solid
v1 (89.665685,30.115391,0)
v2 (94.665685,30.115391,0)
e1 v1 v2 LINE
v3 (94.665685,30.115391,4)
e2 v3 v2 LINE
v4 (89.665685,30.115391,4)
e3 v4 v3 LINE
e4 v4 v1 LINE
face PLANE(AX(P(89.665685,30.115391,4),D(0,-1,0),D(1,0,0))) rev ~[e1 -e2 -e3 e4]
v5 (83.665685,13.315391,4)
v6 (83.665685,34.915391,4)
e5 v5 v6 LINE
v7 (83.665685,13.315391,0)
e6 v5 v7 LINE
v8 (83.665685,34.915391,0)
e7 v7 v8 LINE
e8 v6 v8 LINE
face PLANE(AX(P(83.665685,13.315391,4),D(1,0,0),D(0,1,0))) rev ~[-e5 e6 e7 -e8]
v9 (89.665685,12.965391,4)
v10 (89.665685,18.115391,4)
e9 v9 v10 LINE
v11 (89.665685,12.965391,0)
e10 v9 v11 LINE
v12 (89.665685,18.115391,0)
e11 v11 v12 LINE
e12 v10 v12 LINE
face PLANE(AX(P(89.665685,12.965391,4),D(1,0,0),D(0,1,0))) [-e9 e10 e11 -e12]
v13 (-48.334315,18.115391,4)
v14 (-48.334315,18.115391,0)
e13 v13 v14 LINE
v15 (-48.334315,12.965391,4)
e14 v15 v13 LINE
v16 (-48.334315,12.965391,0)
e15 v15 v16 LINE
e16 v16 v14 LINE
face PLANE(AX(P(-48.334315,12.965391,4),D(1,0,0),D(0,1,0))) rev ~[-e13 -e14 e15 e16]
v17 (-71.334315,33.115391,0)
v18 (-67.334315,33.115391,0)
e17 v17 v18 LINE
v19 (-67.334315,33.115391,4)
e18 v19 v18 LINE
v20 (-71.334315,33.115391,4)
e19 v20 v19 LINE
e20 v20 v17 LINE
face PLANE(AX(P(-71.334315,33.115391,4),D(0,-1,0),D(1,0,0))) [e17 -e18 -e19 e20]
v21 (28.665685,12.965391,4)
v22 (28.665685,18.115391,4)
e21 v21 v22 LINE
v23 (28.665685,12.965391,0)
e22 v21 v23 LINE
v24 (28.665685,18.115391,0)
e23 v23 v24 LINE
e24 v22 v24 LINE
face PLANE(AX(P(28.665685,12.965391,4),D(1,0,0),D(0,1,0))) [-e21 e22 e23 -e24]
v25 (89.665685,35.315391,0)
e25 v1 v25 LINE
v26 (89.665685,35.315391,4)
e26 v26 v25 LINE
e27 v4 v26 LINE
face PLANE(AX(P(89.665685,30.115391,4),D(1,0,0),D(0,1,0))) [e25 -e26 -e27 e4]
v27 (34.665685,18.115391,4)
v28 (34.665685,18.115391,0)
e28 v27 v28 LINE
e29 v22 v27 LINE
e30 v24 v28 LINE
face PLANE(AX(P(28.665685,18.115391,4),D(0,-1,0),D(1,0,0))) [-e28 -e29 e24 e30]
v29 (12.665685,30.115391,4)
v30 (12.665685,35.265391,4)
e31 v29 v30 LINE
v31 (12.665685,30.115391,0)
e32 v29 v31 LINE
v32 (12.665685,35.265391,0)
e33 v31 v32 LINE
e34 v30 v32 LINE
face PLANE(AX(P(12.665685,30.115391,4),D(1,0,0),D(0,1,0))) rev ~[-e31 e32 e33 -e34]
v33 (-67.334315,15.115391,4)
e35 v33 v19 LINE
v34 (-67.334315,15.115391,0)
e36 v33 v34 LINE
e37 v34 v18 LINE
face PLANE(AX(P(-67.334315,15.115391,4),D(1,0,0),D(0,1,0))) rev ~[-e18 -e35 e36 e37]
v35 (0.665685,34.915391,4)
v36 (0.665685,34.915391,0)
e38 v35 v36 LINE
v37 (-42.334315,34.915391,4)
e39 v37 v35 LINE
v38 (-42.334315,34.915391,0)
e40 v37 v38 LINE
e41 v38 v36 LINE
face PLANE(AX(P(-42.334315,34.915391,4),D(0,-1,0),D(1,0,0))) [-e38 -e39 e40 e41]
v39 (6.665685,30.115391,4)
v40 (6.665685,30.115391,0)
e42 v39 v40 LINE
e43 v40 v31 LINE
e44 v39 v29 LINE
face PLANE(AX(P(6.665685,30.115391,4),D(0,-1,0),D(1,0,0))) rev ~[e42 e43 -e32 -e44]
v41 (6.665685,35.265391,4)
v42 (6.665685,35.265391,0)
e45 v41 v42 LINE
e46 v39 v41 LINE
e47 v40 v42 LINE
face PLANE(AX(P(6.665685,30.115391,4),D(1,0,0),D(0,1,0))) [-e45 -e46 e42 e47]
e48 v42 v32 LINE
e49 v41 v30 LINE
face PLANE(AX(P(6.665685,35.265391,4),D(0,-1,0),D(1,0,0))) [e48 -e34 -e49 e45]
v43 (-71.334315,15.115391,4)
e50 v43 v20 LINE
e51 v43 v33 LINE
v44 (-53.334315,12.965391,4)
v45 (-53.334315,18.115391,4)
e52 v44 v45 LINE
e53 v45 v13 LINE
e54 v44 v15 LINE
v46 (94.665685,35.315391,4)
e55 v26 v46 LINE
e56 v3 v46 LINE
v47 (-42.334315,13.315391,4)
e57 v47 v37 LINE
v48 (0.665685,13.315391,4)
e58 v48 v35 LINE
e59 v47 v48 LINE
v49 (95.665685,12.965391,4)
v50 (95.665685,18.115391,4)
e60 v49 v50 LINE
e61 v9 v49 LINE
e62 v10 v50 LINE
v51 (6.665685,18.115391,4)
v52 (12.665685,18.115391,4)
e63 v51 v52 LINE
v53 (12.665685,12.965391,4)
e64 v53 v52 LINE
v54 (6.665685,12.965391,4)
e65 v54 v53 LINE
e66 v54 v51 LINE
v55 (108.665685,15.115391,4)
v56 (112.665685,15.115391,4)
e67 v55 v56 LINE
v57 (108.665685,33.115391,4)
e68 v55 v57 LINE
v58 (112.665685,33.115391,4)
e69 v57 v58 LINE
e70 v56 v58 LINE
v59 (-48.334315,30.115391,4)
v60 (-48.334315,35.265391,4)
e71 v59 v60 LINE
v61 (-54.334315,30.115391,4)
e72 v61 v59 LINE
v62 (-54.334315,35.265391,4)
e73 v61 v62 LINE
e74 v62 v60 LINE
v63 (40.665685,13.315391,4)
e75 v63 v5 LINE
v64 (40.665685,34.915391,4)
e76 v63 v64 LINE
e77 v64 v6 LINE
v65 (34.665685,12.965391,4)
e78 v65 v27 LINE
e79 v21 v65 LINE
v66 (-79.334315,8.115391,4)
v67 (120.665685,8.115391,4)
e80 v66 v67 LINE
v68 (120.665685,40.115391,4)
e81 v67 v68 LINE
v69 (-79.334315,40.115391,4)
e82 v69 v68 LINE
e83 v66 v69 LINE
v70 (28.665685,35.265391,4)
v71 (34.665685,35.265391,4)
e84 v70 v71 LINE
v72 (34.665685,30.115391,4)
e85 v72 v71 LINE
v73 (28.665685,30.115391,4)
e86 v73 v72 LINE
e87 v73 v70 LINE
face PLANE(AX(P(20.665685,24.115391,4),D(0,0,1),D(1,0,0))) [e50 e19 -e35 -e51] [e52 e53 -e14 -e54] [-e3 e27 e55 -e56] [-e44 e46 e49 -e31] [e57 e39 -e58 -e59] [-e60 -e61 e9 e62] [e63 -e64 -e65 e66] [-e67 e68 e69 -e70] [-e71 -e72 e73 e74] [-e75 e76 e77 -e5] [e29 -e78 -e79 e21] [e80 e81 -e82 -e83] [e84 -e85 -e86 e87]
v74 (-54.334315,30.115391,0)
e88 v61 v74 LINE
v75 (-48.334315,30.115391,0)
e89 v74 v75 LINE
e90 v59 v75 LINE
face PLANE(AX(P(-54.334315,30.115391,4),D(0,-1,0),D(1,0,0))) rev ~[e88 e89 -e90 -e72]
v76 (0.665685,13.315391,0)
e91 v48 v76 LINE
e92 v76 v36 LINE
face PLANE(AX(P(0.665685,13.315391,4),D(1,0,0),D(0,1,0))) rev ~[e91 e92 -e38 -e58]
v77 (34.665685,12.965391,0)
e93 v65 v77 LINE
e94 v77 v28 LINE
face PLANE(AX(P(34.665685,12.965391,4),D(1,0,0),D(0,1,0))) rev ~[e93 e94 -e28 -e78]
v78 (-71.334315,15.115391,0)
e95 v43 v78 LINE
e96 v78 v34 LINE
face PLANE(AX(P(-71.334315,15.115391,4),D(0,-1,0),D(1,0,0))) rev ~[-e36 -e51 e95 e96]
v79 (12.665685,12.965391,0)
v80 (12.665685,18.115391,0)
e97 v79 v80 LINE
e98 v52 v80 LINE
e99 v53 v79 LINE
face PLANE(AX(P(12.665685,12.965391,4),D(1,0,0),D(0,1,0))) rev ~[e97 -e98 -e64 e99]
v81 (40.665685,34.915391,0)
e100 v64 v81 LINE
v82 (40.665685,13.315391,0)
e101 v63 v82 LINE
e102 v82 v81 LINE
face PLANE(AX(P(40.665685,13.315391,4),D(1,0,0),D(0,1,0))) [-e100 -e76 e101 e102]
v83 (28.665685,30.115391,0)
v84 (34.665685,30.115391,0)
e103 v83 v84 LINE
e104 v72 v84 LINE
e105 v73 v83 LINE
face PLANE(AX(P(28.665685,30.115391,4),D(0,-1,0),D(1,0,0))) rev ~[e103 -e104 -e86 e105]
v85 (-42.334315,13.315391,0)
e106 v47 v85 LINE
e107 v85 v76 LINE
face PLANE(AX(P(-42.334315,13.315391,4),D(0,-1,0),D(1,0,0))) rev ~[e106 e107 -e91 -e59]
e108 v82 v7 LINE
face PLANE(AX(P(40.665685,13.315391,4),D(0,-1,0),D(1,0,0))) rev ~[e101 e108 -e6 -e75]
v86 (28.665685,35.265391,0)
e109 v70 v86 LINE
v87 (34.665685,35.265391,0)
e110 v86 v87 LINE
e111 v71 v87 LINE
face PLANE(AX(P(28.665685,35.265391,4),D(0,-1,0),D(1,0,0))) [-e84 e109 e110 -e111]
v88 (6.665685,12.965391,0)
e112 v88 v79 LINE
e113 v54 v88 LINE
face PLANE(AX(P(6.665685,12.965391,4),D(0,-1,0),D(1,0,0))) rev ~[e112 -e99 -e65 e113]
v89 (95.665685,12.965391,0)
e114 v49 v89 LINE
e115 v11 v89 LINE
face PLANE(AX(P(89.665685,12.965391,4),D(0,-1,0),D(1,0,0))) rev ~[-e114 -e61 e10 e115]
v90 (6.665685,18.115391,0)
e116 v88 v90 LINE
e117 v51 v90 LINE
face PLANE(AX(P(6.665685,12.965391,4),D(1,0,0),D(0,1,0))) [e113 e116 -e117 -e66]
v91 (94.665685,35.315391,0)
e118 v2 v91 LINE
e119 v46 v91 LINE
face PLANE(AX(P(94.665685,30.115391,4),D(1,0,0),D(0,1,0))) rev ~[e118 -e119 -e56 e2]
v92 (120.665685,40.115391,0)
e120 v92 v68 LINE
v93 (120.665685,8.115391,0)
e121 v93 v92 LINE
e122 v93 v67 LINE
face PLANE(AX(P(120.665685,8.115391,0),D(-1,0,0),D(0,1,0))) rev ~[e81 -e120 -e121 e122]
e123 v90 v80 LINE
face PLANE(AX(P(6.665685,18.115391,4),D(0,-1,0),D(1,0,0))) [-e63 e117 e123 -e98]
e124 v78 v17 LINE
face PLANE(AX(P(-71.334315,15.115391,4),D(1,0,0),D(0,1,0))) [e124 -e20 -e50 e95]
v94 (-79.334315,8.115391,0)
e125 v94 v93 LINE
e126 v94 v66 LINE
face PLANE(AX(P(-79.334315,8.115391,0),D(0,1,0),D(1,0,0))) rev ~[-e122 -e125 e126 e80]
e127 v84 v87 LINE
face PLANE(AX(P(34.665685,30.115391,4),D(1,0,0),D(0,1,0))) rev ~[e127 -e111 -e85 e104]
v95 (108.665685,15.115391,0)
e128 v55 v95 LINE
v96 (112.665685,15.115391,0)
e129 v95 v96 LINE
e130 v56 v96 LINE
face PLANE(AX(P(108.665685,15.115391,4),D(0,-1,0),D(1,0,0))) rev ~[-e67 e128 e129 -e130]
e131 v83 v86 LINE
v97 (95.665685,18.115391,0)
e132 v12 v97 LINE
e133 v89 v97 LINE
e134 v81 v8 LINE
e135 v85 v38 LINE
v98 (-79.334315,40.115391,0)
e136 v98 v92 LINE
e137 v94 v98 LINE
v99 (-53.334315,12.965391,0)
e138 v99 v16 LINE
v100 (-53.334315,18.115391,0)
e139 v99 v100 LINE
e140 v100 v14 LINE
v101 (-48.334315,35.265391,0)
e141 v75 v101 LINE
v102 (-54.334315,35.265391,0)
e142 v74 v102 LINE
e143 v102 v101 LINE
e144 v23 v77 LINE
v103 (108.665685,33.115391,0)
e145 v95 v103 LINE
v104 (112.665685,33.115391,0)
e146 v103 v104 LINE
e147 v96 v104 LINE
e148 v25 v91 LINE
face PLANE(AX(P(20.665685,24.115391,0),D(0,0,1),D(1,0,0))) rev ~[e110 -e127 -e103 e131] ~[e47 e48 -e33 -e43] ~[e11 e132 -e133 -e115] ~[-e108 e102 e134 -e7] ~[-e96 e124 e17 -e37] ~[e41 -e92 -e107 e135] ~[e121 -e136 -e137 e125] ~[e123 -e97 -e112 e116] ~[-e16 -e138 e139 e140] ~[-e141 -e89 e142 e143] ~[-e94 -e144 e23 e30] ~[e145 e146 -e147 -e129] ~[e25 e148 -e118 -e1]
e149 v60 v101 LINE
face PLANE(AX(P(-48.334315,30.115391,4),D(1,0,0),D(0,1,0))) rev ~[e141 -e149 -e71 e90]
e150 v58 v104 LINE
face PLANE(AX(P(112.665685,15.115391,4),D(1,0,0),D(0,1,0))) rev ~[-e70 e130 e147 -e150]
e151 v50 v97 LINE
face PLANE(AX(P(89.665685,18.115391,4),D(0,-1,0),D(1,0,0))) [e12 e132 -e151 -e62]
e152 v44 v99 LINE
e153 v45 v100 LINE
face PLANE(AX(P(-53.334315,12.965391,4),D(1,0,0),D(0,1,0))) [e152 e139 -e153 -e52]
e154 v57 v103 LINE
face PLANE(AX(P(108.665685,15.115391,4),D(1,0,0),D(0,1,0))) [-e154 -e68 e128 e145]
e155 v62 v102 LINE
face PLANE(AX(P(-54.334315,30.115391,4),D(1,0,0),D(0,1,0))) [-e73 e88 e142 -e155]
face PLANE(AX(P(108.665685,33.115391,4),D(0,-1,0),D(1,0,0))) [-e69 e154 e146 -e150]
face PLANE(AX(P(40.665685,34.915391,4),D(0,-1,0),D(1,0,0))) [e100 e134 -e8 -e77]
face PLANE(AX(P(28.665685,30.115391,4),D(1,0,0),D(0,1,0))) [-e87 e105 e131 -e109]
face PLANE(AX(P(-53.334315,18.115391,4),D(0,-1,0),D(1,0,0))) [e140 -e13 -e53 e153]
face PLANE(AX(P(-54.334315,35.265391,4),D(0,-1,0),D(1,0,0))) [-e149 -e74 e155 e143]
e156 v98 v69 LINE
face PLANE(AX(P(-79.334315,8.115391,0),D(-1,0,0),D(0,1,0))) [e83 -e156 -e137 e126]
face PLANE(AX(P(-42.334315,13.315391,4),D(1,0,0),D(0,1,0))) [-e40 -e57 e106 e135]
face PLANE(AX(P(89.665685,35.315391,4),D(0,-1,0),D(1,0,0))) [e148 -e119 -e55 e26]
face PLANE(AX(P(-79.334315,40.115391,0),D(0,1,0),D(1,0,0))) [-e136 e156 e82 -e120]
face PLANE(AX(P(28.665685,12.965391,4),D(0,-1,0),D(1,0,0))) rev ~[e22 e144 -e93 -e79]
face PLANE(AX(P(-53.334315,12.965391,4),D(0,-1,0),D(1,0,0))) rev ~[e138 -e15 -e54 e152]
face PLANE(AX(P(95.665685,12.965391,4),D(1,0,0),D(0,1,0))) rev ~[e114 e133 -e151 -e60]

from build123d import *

# Parameters (mm, degrees)
SKETCH2_W           = 200
SKETCH2_H           = 32
BOSS_EXTRUDE1_DEPTH = 4
SKETCH3_W           = 43
SKETCH3_H           = 21.6
SKETCH3_W_2         = 6
SKETCH3_H_2         = 5.15
SKETCH3_W_3         = 5
SKETCH3_W_4         = 4
SKETCH3_H_3         = 18
SKETCH3_H_4         = 5.2
CUT_EXTRUDE1_DEPTH  = 4


with BuildPart() as part:
    # Sketch2 → Boss-Extrude1 (new body)
    with BuildSketch(Plane.XY):
        with Locations((20.66568498, 24.11539075)):
            Rectangle(SKETCH2_W, SKETCH2_H)
    extrude(amount=BOSS_EXTRUDE1_DEPTH)

    # Sketch3 → Cut-Extrude1 (cut)
    with BuildSketch(Plane.XY.offset(4)):
        with Locations((-20.83431502, 24.11539075)):
            Rectangle(SKETCH3_W, SKETCH3_H)
        with Locations((62.16568498, 24.11539075)):
            Rectangle(SKETCH3_W, SKETCH3_H)
        with Locations((31.66568498, 32.69039075)):
            Rectangle(SKETCH3_W_2, SKETCH3_H_2)
        with Locations((-51.33431502, 32.69039075)):
            Rectangle(SKETCH3_W_2, SKETCH3_H_2)
        with Locations((-50.83431502, 15.54039075)):
            Rectangle(SKETCH3_W_3, SKETCH3_H_2)
        with Locations((9.66568498, 32.69039075)):
            Rectangle(SKETCH3_W_2, SKETCH3_H_2)
        with Locations((9.66568498, 15.54039075)):
            Rectangle(SKETCH3_W_2, SKETCH3_H_2)
        with Locations((-69.33431502, 24.11539075)):
            Rectangle(SKETCH3_W_4, SKETCH3_H_3)
        with Locations((31.66568498, 15.54039075)):
            Rectangle(SKETCH3_W_2, SKETCH3_H_2)
        with Locations((92.16568498, 32.71539075)):
            Rectangle(SKETCH3_W_3, SKETCH3_H_4)
        with Locations((92.66568498, 15.54039075)):
            Rectangle(SKETCH3_W_2, SKETCH3_H_2)
        with Locations((110.66568498, 24.11539075)):
            Rectangle(SKETCH3_W_4, SKETCH3_H_3)
    extrude(amount=-CUT_EXTRUDE1_DEPTH, mode=Mode.SUBTRACT)


solid = part.part
